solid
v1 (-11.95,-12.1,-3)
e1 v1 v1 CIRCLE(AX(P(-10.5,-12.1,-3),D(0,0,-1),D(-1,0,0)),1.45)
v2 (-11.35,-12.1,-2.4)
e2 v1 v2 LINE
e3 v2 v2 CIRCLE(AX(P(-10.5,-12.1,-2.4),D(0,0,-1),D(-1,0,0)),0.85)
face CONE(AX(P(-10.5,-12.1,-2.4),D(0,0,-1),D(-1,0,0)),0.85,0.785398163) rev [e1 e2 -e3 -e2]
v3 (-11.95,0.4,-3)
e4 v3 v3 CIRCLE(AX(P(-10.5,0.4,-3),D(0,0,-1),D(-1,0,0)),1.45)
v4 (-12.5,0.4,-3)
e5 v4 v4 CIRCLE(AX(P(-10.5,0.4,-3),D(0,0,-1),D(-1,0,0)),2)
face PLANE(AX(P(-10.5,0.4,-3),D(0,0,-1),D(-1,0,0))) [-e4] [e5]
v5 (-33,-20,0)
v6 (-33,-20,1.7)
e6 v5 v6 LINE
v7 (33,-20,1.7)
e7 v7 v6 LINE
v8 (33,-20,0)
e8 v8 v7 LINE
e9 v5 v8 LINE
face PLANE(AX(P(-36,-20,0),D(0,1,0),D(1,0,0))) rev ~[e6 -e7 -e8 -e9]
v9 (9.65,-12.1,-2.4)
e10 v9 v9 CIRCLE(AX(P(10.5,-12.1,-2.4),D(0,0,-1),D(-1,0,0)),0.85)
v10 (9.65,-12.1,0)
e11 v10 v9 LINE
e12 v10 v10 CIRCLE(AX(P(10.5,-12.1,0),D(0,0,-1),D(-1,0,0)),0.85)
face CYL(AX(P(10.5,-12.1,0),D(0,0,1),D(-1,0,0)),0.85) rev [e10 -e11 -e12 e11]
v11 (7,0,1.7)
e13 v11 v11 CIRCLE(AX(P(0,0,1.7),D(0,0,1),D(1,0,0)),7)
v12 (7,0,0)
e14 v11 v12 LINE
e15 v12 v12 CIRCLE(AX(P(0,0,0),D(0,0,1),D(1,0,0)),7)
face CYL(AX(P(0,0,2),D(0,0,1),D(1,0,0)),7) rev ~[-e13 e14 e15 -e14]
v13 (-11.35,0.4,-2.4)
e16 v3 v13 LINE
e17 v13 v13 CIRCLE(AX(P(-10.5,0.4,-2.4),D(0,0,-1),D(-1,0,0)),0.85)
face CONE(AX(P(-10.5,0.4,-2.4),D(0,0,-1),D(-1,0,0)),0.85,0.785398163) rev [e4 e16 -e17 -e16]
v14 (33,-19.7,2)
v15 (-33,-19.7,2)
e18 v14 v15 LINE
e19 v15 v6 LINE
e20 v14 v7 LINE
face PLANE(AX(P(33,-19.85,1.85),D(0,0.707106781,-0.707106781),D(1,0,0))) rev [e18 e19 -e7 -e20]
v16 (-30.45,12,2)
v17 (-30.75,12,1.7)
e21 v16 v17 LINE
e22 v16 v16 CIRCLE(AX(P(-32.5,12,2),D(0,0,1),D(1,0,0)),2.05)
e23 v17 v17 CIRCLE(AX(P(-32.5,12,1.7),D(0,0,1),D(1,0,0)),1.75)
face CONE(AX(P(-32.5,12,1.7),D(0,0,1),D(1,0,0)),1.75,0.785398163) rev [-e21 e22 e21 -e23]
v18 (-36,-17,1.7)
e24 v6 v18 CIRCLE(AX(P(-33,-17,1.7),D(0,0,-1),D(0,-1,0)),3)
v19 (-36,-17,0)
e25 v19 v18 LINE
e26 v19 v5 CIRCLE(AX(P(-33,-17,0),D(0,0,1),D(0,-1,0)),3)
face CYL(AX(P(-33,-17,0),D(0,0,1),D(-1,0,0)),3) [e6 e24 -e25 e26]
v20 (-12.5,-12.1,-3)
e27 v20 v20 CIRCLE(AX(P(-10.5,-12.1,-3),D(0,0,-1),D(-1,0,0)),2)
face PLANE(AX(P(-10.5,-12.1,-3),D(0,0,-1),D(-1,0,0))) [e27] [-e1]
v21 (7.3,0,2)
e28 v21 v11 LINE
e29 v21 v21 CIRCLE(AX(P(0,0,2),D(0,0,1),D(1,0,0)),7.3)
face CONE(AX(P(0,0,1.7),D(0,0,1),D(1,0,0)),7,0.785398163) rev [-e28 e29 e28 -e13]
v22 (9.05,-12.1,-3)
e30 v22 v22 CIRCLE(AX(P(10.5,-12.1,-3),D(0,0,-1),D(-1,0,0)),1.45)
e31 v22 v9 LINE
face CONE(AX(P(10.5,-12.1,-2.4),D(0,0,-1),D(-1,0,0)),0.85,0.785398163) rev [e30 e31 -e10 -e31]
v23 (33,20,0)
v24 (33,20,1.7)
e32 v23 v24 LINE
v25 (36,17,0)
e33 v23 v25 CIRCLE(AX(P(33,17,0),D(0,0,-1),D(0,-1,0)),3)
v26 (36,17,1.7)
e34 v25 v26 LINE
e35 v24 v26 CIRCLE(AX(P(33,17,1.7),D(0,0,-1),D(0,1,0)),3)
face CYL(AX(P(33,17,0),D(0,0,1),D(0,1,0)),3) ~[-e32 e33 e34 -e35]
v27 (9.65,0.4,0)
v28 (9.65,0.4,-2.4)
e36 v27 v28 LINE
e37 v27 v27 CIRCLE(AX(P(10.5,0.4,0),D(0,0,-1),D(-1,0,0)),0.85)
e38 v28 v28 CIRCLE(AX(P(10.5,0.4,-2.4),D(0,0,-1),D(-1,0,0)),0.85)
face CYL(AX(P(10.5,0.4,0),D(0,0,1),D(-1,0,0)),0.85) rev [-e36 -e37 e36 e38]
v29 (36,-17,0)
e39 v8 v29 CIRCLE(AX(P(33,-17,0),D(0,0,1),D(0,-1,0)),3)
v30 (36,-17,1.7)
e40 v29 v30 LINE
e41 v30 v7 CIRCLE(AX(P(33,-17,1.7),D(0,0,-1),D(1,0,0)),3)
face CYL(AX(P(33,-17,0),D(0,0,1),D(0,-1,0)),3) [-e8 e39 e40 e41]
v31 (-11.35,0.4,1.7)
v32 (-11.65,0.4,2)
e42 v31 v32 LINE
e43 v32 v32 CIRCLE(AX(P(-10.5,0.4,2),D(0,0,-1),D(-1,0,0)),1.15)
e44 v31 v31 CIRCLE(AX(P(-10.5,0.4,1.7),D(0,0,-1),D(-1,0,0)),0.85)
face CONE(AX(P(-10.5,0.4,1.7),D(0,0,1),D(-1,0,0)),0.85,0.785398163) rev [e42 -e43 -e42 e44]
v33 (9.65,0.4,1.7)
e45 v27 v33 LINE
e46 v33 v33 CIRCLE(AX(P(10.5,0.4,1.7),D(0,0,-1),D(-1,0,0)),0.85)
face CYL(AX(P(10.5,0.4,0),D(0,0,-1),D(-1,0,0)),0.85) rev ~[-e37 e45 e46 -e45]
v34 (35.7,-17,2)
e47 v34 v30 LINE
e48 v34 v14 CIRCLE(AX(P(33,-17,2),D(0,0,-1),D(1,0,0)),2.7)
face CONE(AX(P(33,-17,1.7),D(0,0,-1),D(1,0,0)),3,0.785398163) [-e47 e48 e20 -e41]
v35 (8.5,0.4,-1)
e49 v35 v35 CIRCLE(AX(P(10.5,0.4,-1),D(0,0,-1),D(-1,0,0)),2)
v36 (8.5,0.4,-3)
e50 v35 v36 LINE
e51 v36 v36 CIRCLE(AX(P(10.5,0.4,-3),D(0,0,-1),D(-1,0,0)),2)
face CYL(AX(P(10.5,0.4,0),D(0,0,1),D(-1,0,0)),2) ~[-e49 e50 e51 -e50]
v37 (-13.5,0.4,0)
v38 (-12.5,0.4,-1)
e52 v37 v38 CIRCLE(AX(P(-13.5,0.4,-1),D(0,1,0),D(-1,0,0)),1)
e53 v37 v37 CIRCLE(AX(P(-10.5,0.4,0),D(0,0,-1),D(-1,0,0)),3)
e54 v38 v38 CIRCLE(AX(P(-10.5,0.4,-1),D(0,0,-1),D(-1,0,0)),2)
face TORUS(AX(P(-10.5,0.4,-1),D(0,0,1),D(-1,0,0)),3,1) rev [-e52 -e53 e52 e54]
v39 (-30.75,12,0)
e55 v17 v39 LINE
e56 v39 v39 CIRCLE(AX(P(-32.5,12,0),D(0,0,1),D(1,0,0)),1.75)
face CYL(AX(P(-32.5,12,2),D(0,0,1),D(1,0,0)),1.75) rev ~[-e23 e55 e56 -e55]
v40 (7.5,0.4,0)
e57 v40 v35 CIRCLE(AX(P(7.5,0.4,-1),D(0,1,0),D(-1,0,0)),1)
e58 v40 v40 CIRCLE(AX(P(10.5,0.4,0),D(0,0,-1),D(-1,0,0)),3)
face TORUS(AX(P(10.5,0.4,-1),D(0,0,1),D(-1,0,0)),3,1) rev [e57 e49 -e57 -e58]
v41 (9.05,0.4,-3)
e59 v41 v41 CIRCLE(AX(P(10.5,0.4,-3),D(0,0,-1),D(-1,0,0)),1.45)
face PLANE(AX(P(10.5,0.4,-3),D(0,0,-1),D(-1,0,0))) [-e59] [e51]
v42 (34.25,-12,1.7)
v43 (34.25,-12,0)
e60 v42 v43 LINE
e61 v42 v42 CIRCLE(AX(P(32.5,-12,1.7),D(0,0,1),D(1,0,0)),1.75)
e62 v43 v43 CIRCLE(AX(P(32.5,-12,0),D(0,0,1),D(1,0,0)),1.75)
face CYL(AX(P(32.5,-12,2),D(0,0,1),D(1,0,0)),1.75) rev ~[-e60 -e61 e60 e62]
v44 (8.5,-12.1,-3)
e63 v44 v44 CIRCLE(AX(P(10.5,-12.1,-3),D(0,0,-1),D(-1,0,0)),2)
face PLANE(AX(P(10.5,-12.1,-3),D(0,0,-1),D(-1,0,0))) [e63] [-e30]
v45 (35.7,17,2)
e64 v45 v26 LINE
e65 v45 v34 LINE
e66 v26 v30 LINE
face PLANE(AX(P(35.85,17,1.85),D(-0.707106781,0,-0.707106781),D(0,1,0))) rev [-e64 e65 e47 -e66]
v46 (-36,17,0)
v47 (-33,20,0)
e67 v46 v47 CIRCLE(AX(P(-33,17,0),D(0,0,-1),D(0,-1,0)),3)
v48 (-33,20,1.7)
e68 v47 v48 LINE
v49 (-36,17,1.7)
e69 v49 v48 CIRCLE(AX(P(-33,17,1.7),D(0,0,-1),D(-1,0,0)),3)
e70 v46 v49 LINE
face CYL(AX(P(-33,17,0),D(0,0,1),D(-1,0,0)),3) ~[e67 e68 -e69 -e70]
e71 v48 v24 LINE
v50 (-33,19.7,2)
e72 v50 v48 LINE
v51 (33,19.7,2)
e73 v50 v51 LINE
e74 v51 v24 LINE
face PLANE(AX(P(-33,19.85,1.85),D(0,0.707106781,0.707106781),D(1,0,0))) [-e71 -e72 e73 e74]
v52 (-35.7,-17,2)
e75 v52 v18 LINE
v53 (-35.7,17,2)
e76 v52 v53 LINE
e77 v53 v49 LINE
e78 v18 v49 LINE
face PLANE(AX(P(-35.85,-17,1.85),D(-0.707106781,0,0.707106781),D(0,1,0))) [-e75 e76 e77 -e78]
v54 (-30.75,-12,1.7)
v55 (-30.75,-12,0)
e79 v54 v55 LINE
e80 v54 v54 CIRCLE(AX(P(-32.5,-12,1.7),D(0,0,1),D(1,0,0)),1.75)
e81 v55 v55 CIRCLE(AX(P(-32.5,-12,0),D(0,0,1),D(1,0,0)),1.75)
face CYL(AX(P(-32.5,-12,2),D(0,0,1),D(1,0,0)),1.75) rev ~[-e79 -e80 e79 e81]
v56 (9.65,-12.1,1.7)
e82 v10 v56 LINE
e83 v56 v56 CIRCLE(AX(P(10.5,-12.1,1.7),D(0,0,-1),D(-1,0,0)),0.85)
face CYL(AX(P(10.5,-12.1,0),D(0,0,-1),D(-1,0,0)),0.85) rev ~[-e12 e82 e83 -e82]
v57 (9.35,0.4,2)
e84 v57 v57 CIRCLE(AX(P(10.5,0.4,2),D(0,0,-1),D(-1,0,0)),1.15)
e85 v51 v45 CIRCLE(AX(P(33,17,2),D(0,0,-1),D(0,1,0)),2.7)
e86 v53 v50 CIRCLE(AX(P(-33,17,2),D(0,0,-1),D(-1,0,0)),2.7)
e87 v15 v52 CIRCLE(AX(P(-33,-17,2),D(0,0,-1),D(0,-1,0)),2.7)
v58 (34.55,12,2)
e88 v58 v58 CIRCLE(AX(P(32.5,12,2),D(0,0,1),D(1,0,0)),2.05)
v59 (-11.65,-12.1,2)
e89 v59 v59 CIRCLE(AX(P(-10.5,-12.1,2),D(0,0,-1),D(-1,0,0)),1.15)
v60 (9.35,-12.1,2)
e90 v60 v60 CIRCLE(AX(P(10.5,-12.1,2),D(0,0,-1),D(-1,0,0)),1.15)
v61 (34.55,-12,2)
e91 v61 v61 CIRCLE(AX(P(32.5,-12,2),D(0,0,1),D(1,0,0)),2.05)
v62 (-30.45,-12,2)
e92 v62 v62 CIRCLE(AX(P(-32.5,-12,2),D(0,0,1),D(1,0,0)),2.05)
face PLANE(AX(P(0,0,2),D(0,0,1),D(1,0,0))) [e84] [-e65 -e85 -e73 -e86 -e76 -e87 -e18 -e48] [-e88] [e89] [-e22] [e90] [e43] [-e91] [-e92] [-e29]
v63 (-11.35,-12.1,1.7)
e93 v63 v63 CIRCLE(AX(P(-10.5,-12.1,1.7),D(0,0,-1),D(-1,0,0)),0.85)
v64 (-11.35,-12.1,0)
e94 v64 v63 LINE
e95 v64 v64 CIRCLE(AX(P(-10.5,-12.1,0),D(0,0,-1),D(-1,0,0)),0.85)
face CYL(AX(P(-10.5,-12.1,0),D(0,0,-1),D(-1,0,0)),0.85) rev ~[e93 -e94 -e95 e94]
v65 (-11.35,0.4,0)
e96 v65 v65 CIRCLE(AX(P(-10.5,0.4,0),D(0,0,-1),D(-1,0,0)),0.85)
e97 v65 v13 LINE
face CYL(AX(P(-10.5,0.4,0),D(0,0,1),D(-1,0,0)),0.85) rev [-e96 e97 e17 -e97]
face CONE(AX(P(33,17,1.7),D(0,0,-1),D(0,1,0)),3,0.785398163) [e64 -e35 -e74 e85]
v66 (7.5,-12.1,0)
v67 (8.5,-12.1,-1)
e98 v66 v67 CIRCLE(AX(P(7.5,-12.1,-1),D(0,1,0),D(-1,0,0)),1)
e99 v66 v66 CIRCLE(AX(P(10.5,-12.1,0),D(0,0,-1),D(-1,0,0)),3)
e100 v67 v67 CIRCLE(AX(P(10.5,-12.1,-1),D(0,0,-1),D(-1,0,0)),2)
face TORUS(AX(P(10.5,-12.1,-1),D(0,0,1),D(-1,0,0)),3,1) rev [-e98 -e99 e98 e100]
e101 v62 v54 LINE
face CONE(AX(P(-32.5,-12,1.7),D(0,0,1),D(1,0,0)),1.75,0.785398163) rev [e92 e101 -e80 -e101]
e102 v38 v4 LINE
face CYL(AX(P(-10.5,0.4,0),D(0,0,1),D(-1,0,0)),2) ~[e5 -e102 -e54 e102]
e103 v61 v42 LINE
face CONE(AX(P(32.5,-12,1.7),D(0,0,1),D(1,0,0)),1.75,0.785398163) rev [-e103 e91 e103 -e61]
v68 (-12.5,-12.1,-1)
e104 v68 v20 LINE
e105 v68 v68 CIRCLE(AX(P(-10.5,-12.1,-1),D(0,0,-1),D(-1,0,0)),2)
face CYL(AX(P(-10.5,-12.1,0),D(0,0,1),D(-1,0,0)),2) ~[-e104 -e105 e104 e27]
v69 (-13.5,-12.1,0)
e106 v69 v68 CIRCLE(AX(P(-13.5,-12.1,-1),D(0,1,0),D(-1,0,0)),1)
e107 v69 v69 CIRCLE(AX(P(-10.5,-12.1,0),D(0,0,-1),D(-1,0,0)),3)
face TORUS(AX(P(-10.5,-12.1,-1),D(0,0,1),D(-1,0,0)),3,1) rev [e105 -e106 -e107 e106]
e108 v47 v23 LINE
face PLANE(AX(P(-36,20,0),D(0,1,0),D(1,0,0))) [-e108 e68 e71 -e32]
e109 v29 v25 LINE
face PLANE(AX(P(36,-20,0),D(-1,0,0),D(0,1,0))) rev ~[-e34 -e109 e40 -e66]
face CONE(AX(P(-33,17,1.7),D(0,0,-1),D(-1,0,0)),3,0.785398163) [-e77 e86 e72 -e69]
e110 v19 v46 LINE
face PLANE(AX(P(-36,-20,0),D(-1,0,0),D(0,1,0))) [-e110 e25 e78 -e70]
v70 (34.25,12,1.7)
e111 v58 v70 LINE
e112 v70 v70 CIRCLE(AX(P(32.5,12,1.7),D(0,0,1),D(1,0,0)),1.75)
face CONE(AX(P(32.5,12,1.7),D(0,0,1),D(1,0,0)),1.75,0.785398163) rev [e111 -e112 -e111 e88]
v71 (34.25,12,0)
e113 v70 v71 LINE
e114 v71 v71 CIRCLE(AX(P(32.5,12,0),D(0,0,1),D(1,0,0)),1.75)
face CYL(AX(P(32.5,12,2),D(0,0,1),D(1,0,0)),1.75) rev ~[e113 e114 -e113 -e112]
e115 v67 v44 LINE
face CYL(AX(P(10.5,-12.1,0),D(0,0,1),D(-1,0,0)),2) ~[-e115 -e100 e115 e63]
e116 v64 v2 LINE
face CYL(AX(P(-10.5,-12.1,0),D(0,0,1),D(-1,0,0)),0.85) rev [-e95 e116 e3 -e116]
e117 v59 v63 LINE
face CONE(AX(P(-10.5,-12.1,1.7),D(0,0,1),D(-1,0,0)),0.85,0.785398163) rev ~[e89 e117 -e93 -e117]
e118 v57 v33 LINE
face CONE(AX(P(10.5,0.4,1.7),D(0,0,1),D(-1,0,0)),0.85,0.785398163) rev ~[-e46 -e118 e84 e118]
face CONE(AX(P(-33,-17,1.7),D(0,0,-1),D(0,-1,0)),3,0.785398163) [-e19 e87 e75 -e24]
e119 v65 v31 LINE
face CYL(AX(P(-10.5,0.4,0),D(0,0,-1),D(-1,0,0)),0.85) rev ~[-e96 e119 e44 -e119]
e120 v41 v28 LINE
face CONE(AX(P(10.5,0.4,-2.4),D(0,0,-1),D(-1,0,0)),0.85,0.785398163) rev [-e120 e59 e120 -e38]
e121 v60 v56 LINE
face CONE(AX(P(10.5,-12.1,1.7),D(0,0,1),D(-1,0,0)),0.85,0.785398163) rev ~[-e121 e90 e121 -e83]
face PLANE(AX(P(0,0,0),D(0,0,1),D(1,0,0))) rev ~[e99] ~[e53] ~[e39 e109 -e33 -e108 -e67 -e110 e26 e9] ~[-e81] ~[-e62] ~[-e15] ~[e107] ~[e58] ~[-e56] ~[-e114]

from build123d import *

# Parameters (mm, degrees)
SKETCH_1_W                         = 72
SKETCH_1_H                         = 40
EXTRUDE_1_DEPTH                    = 2
SKETCH_2_R                         = 7
CUT_EXTRUDE_1_DEPTH                = 3
FILLET_1_R                         = 3
SKETCH_5_R                         = 1.75
CUT_EXTRUDE_4_DEPTH                = 3
PATTERN_LINEAR_1_COUNT             = 2
PATTERN_LINEAR_1_PITCH             = 65
PATTERN_LINEAR_1_COUNT_DIR2        = 2
PATTERN_LINEAR_1_PITCH_DIR2        = 24
SKETCH_7_R                         = 2
SKETCH_7_R_2                       = 0.85
EXTRUDE_2_DEPTH                    = 3
SKETCH_8_R                         = 0.85
CUT_EXTRUDE_6_DEPTH                = 6
FILLET_3_R                         = 1
CHAMFER_1_SIZE                     = 0.6
PATTERN_LINEAR_2_COUNT             = 2
PATTERN_LINEAR_2_PITCH             = 12.5
PATTERN_LINEAR_2_COUNT_DIR2        = 2
PATTERN_LINEAR_2_PITCH_DIR2        = 21
FILLET_3_OF_PATTERN_LINEAR_2_R     = 1
CHAMFER_1_OF_PATTERN_LINEAR_2_SIZE = 0.6
CHAMFER_2_SIZE                     = 0.3


with BuildPart() as part:
    # Эскиз1 → Бобышка-Вытянуть1 (new body)
    with BuildSketch(Plane.XY):
        Rectangle(SKETCH_1_W, SKETCH_1_H)
    extrude(amount=EXTRUDE_1_DEPTH)

    # Эскиз2 → Вырез-Вытянуть1 (cut, through all)
    with BuildSketch(Plane.XY.offset(2)):
        Circle(SKETCH_2_R)
    extrude(amount=-CUT_EXTRUDE_1_DEPTH, mode=Mode.SUBTRACT)

    # Скругление1
    fillet_1_edges = [part.edges().sort_by_distance(p)[0] for p in [
        (36, -20, 1),
        (-36, -20, 1),
        (-36, 20, 1),
        (36, 20, 1),
    ]]
    fillet(fillet_1_edges, radius=FILLET_1_R)

    # Эскиз5 → Вырез-Вытянуть4 (cut, through all)
    with BuildSketch(Plane.XY.offset(2)):
        with Locations((-32.5, -12)):
            Circle(SKETCH_5_R)
    cut_extrude_4 = extrude(amount=-CUT_EXTRUDE_4_DEPTH, mode=Mode.SUBTRACT)

    # Линейный массив1: Cut-Extrude 4 2 × 2
    with Locations(*[(i * PATTERN_LINEAR_1_PITCH, j * PATTERN_LINEAR_1_PITCH_DIR2, 0) for i in range(PATTERN_LINEAR_1_COUNT) for j in range(PATTERN_LINEAR_1_COUNT_DIR2) if (i, j) != (0, 0)]):
        add(cut_extrude_4, mode=Mode.SUBTRACT)

    # Эскиз7 → Бобышка-Вытянуть2 (add)
    with BuildSketch(Plane(origin=(0, 0, 0), x_dir=(-1, 0, 0), z_dir=(0, 0, -1))):
        with Locations((-10.5, 0.4)):
            Circle(SKETCH_7_R)
        with Locations((-10.5, 0.4)):
            Circle(SKETCH_7_R_2, mode=Mode.SUBTRACT)
    extrude_2 = extrude(amount=EXTRUDE_2_DEPTH)

    # Эскиз8 → Вырез-Вытянуть6 (cut)
    with BuildSketch(Plane(origin=(0, 0, 0), x_dir=(-1, 0, 0), z_dir=(0, 0, -1))):
        with Locations((-10.5, 0.4)):
            Circle(SKETCH_8_R)
    cut_extrude_6 = extrude(amount=-CUT_EXTRUDE_6_DEPTH, mode=Mode.SUBTRACT)

    # Скругление3
    fillet_3_edges = [part.edges().sort_by_distance(p)[0] for p in [
        (12.5, 0.4, 0),
    ]]
    fillet(fillet_3_edges, radius=FILLET_3_R)

    # Фаска1
    chamfer_1_edges = [part.edges().sort_by_distance(p)[0] for p in [
        (11.35, 0.4, -3),
    ]]
    chamfer(chamfer_1_edges, length=CHAMFER_1_SIZE)

    # Линейный массив2: Бобышка-Вытянуть2, Cut-Extrude 6 2 × 2
    with Locations(*[(-j * PATTERN_LINEAR_2_PITCH_DIR2, -i * PATTERN_LINEAR_2_PITCH, 0) for i in range(PATTERN_LINEAR_2_COUNT) for j in range(PATTERN_LINEAR_2_COUNT_DIR2) if (i, j) != (0, 0)]):
        add(extrude_2)
        add(cut_extrude_6, mode=Mode.SUBTRACT)

    # Скругление3 of Линейный массив2
    fillet_3_of_pattern_linear_2_edges = [part.edges().sort_by_distance(p)[0] for p in [
        (-8.5, 0.4, 0),
        (12.5, -12.1, 0),
        (-8.5, -12.1, 0),
    ]]
    fillet(fillet_3_of_pattern_linear_2_edges, radius=FILLET_3_OF_PATTERN_LINEAR_2_R)

    # Фаска1 of Линейный массив2
    chamfer_1_of_pattern_linear_2_edges = [part.edges().sort_by_distance(p)[0] for p in [
        (-9.65, 0.4, -3),
        (11.35, -12.1, -3),
        (-9.65, -12.1, -3),
    ]]
    chamfer(chamfer_1_of_pattern_linear_2_edges, length=CHAMFER_1_OF_PATTERN_LINEAR_2_SIZE)

    # Фаска2
    chamfer_2_edges = [part.edges().sort_by_distance(p)[0] for p in [
        (11.35, -12.1, 2),
        (-9.65, -12.1, 2),
        (-7, 0, 2),
        (-36, 0, 2),
        (0, 20, 2),
        (36, 0, 2),
        (0, -20, 2),
        (35.121320344, 19.121320344, 2),
        (35.121320344, -19.121320344, 2),
        (-35.121320344, -19.121320344, 2),
        (-35.121320344, 19.121320344, 2),
        (-34.25, -12, 2),
        (30.75, -12, 2),
        (-34.25, 12, 2),
        (30.75, 12, 2),
        (11.35, 0.4, 2),
        (-9.65, 0.4, 2),
    ]]
    chamfer(chamfer_2_edges, length=CHAMFER_2_SIZE)


solid = part.part
